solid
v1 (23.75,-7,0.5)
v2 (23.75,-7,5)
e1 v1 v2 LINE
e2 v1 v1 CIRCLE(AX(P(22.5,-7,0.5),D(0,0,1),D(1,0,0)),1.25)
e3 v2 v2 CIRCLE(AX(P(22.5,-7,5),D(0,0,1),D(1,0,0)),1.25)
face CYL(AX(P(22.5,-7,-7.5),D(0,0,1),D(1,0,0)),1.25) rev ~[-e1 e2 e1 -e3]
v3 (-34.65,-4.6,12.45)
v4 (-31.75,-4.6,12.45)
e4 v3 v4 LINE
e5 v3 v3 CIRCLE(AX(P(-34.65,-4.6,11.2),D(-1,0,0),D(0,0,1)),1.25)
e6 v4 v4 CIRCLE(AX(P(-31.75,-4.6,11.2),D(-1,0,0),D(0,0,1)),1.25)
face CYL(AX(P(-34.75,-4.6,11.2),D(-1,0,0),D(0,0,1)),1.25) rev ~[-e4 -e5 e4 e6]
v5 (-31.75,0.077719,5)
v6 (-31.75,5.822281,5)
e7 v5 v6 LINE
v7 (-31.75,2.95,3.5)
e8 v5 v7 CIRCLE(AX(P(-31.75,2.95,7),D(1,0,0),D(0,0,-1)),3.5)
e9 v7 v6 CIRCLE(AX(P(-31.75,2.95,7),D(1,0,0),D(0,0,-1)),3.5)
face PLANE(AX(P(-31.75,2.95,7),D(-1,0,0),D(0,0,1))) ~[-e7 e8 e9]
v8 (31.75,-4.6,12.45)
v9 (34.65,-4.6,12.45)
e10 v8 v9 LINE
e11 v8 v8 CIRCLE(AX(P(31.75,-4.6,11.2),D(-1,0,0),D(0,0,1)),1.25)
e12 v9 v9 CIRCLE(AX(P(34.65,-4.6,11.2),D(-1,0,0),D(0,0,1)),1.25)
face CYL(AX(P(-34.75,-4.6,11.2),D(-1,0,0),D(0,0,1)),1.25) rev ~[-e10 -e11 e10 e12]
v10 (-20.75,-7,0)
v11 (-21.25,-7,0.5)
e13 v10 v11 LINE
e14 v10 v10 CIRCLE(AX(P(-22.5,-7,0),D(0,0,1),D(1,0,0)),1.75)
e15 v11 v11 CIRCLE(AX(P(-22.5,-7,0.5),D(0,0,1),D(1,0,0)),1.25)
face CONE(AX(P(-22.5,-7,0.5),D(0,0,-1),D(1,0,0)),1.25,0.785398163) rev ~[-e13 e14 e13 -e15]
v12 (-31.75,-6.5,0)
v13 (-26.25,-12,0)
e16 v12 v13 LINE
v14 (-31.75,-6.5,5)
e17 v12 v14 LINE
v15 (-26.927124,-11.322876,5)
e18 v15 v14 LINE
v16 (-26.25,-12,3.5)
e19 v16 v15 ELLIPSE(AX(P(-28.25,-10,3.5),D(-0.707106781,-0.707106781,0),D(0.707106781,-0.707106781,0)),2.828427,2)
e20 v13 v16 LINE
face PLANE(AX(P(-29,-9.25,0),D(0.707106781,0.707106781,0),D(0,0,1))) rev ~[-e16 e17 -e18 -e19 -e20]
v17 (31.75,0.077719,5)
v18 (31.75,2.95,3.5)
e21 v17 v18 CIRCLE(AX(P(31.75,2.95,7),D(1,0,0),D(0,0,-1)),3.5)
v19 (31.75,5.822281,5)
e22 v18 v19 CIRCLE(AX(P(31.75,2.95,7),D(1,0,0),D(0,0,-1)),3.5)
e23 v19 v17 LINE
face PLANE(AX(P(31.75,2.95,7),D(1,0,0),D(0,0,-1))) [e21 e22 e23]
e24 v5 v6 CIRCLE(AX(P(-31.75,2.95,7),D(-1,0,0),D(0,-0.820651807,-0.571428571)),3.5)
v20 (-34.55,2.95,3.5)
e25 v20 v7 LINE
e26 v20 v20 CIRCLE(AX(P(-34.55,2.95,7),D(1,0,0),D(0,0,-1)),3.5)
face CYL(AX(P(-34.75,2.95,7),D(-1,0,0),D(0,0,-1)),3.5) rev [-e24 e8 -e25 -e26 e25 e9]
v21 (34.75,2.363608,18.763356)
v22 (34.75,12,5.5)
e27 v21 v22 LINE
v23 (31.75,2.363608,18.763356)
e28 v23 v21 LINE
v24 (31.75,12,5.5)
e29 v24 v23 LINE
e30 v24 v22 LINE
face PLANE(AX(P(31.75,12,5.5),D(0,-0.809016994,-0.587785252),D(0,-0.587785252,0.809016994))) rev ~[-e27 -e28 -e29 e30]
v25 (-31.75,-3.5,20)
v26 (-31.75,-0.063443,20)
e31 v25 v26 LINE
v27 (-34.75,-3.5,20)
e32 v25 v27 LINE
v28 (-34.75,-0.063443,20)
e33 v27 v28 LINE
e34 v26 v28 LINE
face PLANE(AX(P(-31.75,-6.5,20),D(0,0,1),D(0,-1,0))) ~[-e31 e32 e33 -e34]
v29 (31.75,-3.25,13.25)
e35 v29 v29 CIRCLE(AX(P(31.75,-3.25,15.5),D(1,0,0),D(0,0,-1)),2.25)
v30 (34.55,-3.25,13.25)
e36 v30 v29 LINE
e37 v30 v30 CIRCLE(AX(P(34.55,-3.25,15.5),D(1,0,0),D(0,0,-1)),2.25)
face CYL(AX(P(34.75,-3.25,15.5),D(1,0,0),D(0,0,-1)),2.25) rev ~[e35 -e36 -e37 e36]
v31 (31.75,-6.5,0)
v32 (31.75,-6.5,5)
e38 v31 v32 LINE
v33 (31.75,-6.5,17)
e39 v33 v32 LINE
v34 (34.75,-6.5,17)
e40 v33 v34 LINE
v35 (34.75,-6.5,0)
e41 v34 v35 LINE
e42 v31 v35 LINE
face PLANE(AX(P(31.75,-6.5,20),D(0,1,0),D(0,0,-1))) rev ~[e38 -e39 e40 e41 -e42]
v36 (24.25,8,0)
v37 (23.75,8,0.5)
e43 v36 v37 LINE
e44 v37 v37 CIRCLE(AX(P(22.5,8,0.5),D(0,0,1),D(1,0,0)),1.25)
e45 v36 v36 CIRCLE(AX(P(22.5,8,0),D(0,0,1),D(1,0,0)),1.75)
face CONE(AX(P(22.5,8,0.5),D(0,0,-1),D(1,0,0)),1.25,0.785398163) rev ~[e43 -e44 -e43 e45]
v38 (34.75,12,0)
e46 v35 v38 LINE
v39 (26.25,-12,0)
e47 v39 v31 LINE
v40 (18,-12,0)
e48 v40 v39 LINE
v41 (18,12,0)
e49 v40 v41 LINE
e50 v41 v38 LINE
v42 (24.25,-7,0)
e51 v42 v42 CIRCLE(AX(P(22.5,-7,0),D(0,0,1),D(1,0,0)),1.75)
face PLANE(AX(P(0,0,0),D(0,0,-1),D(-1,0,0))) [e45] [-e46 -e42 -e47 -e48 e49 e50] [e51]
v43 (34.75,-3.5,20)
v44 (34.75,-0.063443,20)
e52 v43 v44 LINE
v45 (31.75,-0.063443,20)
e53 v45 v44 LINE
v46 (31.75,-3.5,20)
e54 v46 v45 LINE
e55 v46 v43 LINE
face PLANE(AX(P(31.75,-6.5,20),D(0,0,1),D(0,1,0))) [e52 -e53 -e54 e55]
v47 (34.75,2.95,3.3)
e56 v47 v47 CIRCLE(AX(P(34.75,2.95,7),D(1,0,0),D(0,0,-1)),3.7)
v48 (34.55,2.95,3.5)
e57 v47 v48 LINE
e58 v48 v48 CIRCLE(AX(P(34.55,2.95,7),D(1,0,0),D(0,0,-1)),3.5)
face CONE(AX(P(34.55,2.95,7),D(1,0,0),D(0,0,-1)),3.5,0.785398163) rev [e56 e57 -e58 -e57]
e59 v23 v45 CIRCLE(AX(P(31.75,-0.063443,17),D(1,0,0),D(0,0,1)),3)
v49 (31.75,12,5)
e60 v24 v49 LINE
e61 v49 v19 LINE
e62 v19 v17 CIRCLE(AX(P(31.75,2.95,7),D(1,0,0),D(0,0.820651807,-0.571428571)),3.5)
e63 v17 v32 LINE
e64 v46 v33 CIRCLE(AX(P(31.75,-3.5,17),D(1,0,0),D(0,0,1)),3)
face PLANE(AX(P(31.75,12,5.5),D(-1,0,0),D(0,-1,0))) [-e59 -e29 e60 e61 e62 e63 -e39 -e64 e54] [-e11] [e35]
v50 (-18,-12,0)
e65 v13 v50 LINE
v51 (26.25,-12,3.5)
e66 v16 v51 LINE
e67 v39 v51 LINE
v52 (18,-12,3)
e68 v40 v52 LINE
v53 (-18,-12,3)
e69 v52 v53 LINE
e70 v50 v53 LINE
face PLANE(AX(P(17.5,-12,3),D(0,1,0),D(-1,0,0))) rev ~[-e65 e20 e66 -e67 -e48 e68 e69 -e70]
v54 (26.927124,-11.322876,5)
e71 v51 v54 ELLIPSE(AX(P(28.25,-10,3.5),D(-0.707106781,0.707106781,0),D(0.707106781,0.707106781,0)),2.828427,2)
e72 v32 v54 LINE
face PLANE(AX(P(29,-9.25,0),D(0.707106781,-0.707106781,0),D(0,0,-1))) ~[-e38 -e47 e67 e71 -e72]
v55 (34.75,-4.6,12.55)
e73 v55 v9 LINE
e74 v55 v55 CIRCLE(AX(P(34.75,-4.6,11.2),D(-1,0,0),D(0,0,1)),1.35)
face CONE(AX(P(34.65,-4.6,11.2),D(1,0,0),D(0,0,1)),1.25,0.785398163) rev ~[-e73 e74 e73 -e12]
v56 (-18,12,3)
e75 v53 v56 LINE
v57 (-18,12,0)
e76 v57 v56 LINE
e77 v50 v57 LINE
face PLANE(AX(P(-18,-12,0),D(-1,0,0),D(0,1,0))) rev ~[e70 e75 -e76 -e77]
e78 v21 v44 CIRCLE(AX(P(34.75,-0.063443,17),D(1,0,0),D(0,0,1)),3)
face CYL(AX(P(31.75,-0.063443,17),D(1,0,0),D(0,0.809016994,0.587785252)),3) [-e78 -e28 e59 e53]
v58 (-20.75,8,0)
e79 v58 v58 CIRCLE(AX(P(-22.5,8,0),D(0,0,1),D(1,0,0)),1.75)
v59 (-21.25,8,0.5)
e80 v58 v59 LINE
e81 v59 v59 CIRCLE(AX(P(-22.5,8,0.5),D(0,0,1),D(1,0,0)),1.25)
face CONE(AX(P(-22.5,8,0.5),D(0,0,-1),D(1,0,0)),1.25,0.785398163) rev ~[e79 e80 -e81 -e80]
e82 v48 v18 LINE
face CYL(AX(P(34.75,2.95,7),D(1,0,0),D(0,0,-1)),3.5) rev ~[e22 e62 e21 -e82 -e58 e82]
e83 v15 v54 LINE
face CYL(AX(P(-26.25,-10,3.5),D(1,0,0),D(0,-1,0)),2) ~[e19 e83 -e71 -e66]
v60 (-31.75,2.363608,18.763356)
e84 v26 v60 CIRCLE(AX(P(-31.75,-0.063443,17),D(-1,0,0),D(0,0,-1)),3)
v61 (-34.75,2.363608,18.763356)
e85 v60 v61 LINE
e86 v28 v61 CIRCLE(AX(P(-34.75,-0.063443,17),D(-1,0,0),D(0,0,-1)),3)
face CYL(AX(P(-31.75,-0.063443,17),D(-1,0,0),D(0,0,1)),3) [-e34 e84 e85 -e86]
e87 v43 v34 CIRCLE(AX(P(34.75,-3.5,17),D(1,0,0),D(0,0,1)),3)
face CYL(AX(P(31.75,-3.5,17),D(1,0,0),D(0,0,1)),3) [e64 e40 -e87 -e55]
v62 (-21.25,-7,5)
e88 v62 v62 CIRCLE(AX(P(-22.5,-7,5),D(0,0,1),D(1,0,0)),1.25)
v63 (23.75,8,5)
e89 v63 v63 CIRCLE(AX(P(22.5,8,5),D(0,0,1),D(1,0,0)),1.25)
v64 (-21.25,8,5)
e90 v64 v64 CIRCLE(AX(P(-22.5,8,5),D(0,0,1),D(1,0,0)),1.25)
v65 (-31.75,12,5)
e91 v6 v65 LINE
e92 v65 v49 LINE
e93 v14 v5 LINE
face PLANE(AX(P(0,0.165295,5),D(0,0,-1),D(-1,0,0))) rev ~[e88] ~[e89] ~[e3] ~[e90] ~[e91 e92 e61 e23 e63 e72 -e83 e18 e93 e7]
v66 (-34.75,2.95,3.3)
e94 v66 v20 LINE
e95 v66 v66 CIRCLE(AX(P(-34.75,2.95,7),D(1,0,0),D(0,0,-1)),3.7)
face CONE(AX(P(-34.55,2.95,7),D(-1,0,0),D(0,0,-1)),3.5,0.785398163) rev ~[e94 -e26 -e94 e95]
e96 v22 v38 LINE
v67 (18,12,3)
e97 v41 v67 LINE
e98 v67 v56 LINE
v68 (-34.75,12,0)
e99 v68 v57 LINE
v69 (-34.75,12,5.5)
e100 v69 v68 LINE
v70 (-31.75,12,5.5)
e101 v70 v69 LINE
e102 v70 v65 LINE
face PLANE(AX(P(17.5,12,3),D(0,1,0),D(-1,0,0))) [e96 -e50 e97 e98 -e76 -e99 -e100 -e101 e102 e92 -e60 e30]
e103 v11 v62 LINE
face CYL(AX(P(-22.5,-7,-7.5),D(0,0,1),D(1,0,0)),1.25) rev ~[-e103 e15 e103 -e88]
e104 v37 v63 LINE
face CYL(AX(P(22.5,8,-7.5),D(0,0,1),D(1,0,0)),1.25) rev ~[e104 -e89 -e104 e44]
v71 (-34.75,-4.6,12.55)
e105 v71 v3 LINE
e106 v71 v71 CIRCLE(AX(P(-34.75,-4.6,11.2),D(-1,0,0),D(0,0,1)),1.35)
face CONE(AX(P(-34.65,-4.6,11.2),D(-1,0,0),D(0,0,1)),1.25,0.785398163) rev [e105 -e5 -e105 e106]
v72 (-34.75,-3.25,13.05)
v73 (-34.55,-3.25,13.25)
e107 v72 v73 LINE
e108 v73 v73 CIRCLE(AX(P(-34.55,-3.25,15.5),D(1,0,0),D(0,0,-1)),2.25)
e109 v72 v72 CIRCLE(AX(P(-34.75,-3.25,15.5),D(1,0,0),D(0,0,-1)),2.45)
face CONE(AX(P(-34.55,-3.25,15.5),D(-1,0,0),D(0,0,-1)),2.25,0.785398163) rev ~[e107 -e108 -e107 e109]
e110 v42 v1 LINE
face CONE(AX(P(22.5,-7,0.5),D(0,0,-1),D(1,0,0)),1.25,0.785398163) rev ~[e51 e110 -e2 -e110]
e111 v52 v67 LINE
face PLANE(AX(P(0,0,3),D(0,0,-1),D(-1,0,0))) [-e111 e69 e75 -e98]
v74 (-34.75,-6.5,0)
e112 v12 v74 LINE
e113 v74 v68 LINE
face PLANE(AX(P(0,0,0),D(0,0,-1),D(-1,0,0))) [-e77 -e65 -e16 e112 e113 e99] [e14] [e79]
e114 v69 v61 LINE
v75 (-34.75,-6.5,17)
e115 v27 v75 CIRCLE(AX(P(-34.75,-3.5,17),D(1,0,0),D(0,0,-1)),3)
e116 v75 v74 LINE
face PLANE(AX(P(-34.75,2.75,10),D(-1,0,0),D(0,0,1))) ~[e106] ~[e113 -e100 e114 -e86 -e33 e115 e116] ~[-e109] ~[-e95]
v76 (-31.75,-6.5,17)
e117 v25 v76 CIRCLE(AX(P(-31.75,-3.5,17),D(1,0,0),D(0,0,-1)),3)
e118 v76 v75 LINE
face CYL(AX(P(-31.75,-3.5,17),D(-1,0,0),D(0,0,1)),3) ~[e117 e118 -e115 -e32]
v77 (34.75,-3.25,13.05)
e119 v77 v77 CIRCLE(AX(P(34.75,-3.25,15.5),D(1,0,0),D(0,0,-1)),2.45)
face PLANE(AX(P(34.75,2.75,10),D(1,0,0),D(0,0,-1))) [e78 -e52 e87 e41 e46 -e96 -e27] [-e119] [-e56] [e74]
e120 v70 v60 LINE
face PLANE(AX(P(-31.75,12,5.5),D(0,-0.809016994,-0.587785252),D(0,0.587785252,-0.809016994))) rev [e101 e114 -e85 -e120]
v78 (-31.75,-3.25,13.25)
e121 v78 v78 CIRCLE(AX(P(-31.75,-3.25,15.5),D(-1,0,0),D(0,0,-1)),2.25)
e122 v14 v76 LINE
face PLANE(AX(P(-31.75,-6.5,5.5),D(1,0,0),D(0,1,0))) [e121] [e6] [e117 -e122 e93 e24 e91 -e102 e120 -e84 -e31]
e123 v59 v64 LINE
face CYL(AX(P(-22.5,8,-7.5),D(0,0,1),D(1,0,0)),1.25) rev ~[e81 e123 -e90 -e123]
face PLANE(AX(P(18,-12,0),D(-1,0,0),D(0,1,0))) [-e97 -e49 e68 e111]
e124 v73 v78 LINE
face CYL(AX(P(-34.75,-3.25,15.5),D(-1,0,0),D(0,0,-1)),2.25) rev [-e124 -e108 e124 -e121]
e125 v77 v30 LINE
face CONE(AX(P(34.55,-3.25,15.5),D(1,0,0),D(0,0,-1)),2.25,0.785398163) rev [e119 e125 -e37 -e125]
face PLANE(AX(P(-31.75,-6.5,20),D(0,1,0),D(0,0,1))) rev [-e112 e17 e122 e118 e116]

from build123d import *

# Parameters (mm, degrees)
SKETCH_1_W             = 63.5
SKETCH_1_H             = 24
EXTRUDE_1_DEPTH        = 5.5
SKETCH_2_W             = 35
SKETCH_2_H             = 3
CUT_EXTRUDE_2_DEPTH    = 24
HOLE_WIZARD_M3_1_D     = 2.5
HOLE_WIZARD_M3_1_DEPTH = 7.5
HOLE_WIZARD_M3_1_TIP   = 0.751075774
CHAMFER_1_SIZE         = 0.5
CHAMFER_2_SIZE         = 0.5
CHAMFER_3_SIZE         = 5.5
SKETCH_7_W             = 20
SKETCH_7_H             = 18.5
EXTRUDE_1_2_DEPTH      = 3
SKETCH_8_R             = 3.5
CUT_EXTRUDE_1_DEPTH    = 3
SKETCH_9_R             = 2.25
CUT_EXTRUDE_2_2_DEPTH  = 87
CUT_EXTRUDE_4_DEPTH    = 10
FILLET_1_R             = 3
CHAMFER_5_SIZE         = 0.2
FILLET_3_R             = 2
SKETCH_11_R            = 1.25
CUT_EXTRUDE_5_DEPTH    = 96
CHAMFER_6_SIZE         = 0.1
SKETCH_12_W            = 35
SKETCH_12_H            = 24
EXTRUDE_2_DEPTH        = 3
SKETCH_13_W            = 36
SKETCH_13_H            = 24
CUT_EXTRUDE_6_DEPTH    = 3
CUT_EXTRUDE_7_DEPTH    = 0.5


with BuildPart() as part:
    # 草图1 → Extrude 1 (new body)
    with BuildSketch(Plane.XY):
        Rectangle(SKETCH_1_W, SKETCH_1_H)
    extrude(amount=EXTRUDE_1_DEPTH)

    # 草图2 → Cut-Extrude 2 (cut)
    with BuildSketch(Plane.XZ.offset(12)):
        with Locations((0, 1.5)):
            Rectangle(SKETCH_2_W, SKETCH_2_H)
    extrude(amount=-CUT_EXTRUDE_2_DEPTH, mode=Mode.SUBTRACT)

    # M3 螺纹孔1
    with Locations(Plane(origin=(22.5, 8, 0), x_dir=(-1, 0, 0), z_dir=(0, 0, -1))):
        with Locations((0, 0), (0, -15), (45, -15), (45, 0)):
            Hole(HOLE_WIZARD_M3_1_D / 2, depth=HOLE_WIZARD_M3_1_DEPTH)
            with Locations((0, 0, -(HOLE_WIZARD_M3_1_DEPTH + HOLE_WIZARD_M3_1_TIP / 2))):  # 118° drill point
                Cone(0, HOLE_WIZARD_M3_1_D / 2, HOLE_WIZARD_M3_1_TIP, mode=Mode.SUBTRACT)

    # 倒角1
    chamfer_1_edges = [part.edges().sort_by_distance(p)[0] for p in [
        (-23.75, 8, 0),
        (-23.75, -7, 0),
        (21.25, -7, 0),
        (21.25, 8, 0),
    ]]
    chamfer(chamfer_1_edges, length=CHAMFER_1_SIZE)

    # 倒角2
    chamfer_2_edges = [part.edges().sort_by_distance(p)[0] for p in [
        (-23.75, 8, 5.5),
        (-23.75, -7, 5.5),
        (21.25, -7, 5.5),
        (21.25, 8, 5.5),
    ]]
    chamfer(chamfer_2_edges, length=CHAMFER_2_SIZE)

    # 倒角3
    chamfer_3_edges = [part.edges().sort_by_distance(p)[0] for p in [
        (31.75, -12, 2.75),
        (-31.75, -12, 2.75),
    ]]
    chamfer(chamfer_3_edges, length=CHAMFER_3_SIZE)

    # 草图7 → Extrude 1 2 (add)
    with BuildSketch(Plane(origin=(31.75, 0, 0), x_dir=(0, 0, -1), z_dir=(1, 0, 0))):
        with Locations((-10, 2.75)):
            Rectangle(SKETCH_7_W, SKETCH_7_H)
    extrude_1_2 = extrude(amount=EXTRUDE_1_2_DEPTH)

    # 草图8 → 切除-拉伸1 (cut)
    with BuildSketch(Plane(origin=(34.75, 0, 0), x_dir=(0, 0, -1), z_dir=(1, 0, 0))):
        with Locations((-7, 2.95)):
            Circle(SKETCH_8_R)
    cut_extrude_1 = extrude(amount=-CUT_EXTRUDE_1_DEPTH, mode=Mode.SUBTRACT)

    # 草图9 → Cut-Extrude 2 2 (cut)
    with BuildSketch(Plane(origin=(34.75, 0, 0), x_dir=(0, 0, -1), z_dir=(1, 0, 0))):
        with Locations((-15.5, -3.25)):
            Circle(SKETCH_9_R)
    cut_extrude_2_2 = extrude(amount=-CUT_EXTRUDE_2_2_DEPTH, mode=Mode.SUBTRACT)

    # 草图10 → 切除-拉伸4 (cut)
    with BuildSketch(Plane(origin=(31.75, 0, 0), x_dir=(0, 0, -1), z_dir=(1, 0, 0))):
        Polygon((-20, 1.465133344), (-20, 12), (-5.5, 12), align=None)
    cut_extrude_4 = extrude(amount=CUT_EXTRUDE_4_DEPTH, mode=Mode.SUBTRACT)

    # 镜向2: Extrude 1 2, 切除-拉伸1, Cut-Extrude 2 2, 切除-拉伸4 across plane
    add(extrude_1_2.mirror(Plane(origin=(0, 0, 0), x_dir=(0, 0, 1), z_dir=(1, 0, 0))))
    add(cut_extrude_1.mirror(Plane(origin=(0, 0, 0), x_dir=(0, 0, 1), z_dir=(1, 0, 0))), mode=Mode.SUBTRACT)
    add(cut_extrude_2_2.mirror(Plane(origin=(0, 0, 0), x_dir=(0, 0, 1), z_dir=(1, 0, 0))), mode=Mode.SUBTRACT)
    add(cut_extrude_4.mirror(Plane(origin=(0, 0, 0), x_dir=(0, 0, 1), z_dir=(1, 0, 0))), mode=Mode.SUBTRACT)

    # 圆角1
    fillet_1_edges = [part.edges().sort_by_distance(p)[0] for p in [
        (33.25, -6.5, 20),
        (33.25, 1.465133344, 20),
        (-33.25, 1.465133344, 20),
        (-33.25, -6.5, 20),
    ]]
    fillet(fillet_1_edges, radius=FILLET_1_R)

    # 倒角5
    chamfer_5_edges = [part.edges().sort_by_distance(p)[0] for p in [
        (34.75, 2.95, 10.5),
        (34.75, -3.25, 17.75),
        (-34.75, 2.95, 10.5),
        (-34.75, -3.25, 17.75),
    ]]
    chamfer(chamfer_5_edges, length=CHAMFER_5_SIZE)

    # 圆角3
    fillet_3_edges = [part.edges().sort_by_distance(p)[0] for p in [
        (0, -12, 5.5),
    ]]
    fillet(fillet_3_edges, radius=FILLET_3_R)

    # 草图11 → 切除-拉伸5 (cut)
    with BuildSketch(Plane.ZY.offset(34.75)):
        with Locations((11.2, -4.6)):
            Circle(SKETCH_11_R)
    extrude(amount=-CUT_EXTRUDE_5_DEPTH, mode=Mode.SUBTRACT)

    # 倒角6
    chamfer_6_edges = [part.edges().sort_by_distance(p)[0] for p in [
        (34.75, -4.6, 9.95),
        (-34.75, -4.6, 9.95),
    ]]
    chamfer(chamfer_6_edges, length=CHAMFER_6_SIZE)

    # 草图12 → 凸台-拉伸2 (add)
    with BuildSketch(Plane(origin=(0, 0, 3), x_dir=(-1, 0, 0), z_dir=(0, 0, -1))):
        Rectangle(SKETCH_12_W, SKETCH_12_H)
    extrude(amount=EXTRUDE_2_DEPTH)

    # 草图13 → 切除-拉伸6 (cut)
    with BuildSketch(Plane(origin=(0, 0, 0), x_dir=(-1, 0, 0), z_dir=(0, 0, -1))):
        Rectangle(SKETCH_13_W, SKETCH_13_H)
    extrude(amount=-CUT_EXTRUDE_6_DEPTH, mode=Mode.SUBTRACT)

    # 草图14 → 切除-拉伸7 (cut)
    with BuildSketch(Plane.XY.offset(5.5)):
        Polygon((31.75, -6.5), (25.25, -13), (-25.25, -13), (-31.75, -6.5), (-31.75, 12), (31.75, 12), align=None)
    extrude(amount=-CUT_EXTRUDE_7_DEPTH, mode=Mode.SUBTRACT)


solid = part.part
